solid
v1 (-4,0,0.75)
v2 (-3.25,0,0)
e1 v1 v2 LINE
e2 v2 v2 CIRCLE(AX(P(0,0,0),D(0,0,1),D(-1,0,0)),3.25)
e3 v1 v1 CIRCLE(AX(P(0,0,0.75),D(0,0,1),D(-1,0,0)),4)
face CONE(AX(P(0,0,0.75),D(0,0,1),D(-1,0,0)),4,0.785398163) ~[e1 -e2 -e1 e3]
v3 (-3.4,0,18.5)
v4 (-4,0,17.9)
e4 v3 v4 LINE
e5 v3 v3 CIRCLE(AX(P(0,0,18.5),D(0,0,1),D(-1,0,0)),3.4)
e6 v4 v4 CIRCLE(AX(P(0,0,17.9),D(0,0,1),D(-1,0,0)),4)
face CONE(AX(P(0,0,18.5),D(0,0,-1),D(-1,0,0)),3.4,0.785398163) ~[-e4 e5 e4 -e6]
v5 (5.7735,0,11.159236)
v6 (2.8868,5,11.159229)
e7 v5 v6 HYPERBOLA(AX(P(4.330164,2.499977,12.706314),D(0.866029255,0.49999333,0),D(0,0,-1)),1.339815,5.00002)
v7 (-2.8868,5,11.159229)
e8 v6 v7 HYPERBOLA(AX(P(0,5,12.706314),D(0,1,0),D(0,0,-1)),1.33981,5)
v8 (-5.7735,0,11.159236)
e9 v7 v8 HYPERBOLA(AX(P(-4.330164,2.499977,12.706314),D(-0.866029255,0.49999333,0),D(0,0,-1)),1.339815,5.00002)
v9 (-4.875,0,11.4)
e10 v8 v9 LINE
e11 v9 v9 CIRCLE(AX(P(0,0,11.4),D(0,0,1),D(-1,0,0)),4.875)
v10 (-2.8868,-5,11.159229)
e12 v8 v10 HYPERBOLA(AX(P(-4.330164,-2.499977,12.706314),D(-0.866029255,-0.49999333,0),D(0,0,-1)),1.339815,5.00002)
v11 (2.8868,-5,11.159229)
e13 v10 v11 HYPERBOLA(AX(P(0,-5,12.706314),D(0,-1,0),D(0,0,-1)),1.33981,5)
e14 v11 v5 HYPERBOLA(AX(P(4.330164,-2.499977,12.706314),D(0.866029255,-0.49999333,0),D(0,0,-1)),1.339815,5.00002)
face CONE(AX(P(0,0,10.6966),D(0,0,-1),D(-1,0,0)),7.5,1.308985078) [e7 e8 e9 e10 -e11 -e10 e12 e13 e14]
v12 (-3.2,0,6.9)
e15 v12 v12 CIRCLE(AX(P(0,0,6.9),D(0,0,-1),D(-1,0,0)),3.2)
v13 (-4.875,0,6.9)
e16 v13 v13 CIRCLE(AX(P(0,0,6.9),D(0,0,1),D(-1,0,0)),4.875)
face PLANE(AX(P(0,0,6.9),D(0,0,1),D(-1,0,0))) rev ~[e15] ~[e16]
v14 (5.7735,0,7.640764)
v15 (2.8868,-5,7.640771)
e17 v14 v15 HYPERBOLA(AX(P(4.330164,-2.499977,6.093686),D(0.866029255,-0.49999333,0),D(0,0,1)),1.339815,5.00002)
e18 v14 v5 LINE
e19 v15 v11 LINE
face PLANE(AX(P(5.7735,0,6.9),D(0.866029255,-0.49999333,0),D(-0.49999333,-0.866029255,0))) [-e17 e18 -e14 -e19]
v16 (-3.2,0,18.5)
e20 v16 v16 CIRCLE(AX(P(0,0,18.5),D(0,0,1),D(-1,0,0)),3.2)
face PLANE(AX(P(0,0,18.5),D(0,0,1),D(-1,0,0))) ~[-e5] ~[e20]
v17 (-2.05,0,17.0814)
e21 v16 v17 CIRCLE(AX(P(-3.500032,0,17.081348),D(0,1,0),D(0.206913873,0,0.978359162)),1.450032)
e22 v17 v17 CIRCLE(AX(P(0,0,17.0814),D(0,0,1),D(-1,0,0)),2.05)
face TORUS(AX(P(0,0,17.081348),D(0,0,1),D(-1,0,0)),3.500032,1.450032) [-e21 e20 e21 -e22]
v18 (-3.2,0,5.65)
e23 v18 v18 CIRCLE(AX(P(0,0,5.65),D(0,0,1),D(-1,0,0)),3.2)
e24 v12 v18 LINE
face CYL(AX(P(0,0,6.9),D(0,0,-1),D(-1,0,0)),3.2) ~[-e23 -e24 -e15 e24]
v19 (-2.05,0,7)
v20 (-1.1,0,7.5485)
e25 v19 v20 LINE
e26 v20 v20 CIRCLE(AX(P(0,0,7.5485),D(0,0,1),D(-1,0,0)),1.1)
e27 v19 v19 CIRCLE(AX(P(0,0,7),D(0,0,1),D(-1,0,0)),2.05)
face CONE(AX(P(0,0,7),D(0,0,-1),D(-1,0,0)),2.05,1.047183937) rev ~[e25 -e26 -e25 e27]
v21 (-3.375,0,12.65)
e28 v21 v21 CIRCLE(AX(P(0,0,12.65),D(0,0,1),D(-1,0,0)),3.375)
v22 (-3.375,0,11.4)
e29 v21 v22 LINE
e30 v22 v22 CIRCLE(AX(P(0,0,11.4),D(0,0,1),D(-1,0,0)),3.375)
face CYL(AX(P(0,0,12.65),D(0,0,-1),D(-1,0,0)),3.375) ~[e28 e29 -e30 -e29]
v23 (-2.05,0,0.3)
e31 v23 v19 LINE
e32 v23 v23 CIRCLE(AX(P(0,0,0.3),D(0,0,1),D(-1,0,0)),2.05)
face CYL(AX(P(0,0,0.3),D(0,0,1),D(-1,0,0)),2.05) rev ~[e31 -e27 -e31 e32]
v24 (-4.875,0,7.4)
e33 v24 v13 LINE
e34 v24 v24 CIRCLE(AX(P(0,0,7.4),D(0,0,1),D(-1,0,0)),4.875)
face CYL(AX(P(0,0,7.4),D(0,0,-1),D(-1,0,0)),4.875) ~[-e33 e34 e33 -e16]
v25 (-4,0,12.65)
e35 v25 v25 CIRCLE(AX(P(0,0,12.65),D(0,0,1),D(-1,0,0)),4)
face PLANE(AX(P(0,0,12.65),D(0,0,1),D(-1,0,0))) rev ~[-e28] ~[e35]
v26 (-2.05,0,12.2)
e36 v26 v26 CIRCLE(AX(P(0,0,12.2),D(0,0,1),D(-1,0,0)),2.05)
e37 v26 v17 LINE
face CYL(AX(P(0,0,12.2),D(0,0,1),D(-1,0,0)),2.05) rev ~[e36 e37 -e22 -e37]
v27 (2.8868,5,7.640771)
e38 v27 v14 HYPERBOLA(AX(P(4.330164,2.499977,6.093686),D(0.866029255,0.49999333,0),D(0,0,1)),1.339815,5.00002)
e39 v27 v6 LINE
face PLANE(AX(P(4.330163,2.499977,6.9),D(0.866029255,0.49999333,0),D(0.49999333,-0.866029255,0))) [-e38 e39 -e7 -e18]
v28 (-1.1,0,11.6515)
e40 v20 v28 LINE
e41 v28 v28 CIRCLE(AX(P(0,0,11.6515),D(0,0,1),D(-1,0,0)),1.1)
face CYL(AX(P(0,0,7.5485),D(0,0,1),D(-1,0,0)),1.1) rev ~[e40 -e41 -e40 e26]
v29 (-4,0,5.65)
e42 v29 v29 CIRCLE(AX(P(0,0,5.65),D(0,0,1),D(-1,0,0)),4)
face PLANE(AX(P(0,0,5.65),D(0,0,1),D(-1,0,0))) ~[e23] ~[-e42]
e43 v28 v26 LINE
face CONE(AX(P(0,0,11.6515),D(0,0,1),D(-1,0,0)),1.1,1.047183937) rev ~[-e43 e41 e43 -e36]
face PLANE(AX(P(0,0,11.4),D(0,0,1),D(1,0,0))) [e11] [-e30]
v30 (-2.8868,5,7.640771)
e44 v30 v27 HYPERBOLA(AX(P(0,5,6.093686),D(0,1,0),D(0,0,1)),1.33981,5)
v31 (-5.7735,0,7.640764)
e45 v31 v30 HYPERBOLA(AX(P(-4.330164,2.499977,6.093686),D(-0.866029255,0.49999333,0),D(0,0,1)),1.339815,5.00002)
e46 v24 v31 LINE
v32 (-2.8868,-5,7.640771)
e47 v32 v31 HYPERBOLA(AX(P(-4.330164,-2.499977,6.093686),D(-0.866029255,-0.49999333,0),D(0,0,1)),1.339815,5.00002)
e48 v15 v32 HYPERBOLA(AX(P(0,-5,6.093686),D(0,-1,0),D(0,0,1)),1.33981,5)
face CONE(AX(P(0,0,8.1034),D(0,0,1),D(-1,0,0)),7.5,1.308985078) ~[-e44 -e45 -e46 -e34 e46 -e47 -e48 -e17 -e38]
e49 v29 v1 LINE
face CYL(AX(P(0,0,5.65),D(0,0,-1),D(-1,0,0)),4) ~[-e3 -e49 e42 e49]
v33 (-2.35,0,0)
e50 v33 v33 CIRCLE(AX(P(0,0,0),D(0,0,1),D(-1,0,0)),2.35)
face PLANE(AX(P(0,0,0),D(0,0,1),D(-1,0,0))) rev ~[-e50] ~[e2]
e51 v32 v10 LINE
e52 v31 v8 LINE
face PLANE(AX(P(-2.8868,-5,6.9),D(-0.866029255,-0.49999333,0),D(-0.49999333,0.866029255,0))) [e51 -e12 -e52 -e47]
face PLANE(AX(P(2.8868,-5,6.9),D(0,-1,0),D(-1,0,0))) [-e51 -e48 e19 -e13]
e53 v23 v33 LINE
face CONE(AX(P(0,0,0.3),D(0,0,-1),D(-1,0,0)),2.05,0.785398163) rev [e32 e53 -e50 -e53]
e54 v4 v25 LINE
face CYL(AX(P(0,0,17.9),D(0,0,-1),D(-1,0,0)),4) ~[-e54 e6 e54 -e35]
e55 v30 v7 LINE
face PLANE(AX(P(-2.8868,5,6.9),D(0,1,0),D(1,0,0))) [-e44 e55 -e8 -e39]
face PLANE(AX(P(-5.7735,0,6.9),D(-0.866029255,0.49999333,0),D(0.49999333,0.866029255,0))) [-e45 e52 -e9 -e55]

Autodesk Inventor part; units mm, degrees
ref_plane "YZ Plane" through (0, 0, 0) normal (1, 0, 0) x (0, 1, 0)
ref_plane "XZ Plane" through (0, 0, 0) normal (0, 1, 0) x (-1, 0, 0)
sketch "Náčrt1" plane through (0, 0, 0) normal (0, 1, 0) x (-1, 0, 0)
  line L0 (0, -3.7408) -> (0, 22.4445) projected
  line L1 (9, 0) -> (-1.5, 0) projected
  line L2 (2.05, 0.3) -> (2.05, 7)
  line L3 (2.05, 7) -> (1.1, 7.5485)
  line L4 (1.1, 7.5485) -> (1.1, 11.6515)
  line L5 (1.1, 11.6515) -> (2.05, 12.2)
  line L6 (2.05, 12.2) -> (2.05, 17.0814)
  arc A0 (3.2, 18.5) -> (2.05, 17.0814) centre (3.5, 17.0814) ccw
  line L7 (3.2, 18.5) -> (3.4, 18.5)
  line L8 (3.4, 18.5) -> (4, 17.9)
  line L9 (4, 17.9) -> (4, 12.65)
  line L10 (4, 12.65) -> (3.375, 12.65)
  line L11 (3.375, 12.65) -> (3.375, 11.4)
  line L12 (3.375, 11.4) -> (5, 11.4)
  line L13 (5, 11.4) -> (5, 6.9)
  line L14 (5, 6.9) -> (3.2, 6.9)
  line L15 (3.2, 6.9) -> (3.2, 5.65)
  line L16 (3.2, 5.65) -> (4, 5.65)
  line L17 (4, 5.65) -> (4, 0.75)
  line L18 (4, 0.75) -> (3.25, 0)
  line L19 (3.25, 0) -> (2.35, 0)
  line L20 (2.05, 0.3) -> (2.35, 0)
  line L21 (5, 11.4) -> (7.5, 10.7301)
  line L22 (7.5, 10.7301) -> (7.5, 11.4)
  line L23 (7.5, 11.4) -> (5, 11.4)
  line L24 (7.5, 6.9) -> (5, 6.9)
  line L25 (7.5, 6.9) -> (5, 6.9)
  line L26 (5, 6.9) -> (5, 7.4)
  line L27 (7.5, 6.9) -> (7.5, 8.1034)
  line L28 (7.5, 8.1034) -> (4.875, 7.4)
  line L29 (4.875, 7.4) -> (4.875, 6.9)
  line L30 (4.875, 6.9) -> (7.5, 6.9)
  line L31 (7.5, 10.7301) -> (7.5, 10.6966)
  line L32 (7.5, 10.6966) -> (4.875, 11.4)
  point P0 (0, 0)
  point P1 (5, 7.4335)
  dimension "d0" = 4.1
  dimension "d1" = 2.2
  dimension "d3" = 60
  dimension "d4" = 60
  dimension "d5" = 0.3
  dimension "d6" = 45
  dimension "d7" = 8
  dimension "d8" = 0.75
  dimension "d9" = 1.45
  dimension "d11" = 1.25
  dimension "d12" = 6.4
  dimension "d13" = 18.5
  dimension "d14" = 6.3
  dimension "d15" = 6.75
  dimension "d16" = 10
  dimension "d17" = 7
  dimension "d18" = 1.25
  dimension "d19" = 7.1
  dimension "d20" = 0.6
  dimension "d21" = 6.4
  dimension "d22" = 4.5
  dimension "d32" = 15
  dimension "d33" = 15
  dimension "d35" = 10
  dimension "d38" = 15
  dimension "d39" = 9.75
  dimension "d40" = 0.5
revolve "Rotace1" add sketch "Náčrt1" angle 360 about axis through (0, 0, -10) along (0, 0, 1) contours L1 L20 L2 L3 L4 L5 L6 A0 L7 L8 L9 L10 L11 L12 L32 L13 L28 L29 L14 L15 L16 L17 L18 | L29 L28 L13 L14 | L32 L12 L13
thread "Závit1" size "M8x1.25" class "6g" standard "ANSI Metric M Profile" full length
thread "Závit2" size "M8x1" class "6g" standard "ANSI Metric M Profile" full length
ref_plane "Pracovní rovina1" through (0, 0, 6.9) normal (0, 0, 1) x (1, 0, 0)
sketch "Náčrt2" plane through (0, 0, 6.9) normal (0, 0, 1) x (1, 0, 0)
  circle A0 centre (0, 0) radius 3.2 projected
  circle A1 centre (0, 0) radius 5 projected
  line L0 (-5.7735, 0) -> (-2.8868, 5)
  line L1 (-2.8868, 5) -> (2.8868, 5)
  line L2 (2.8868, 5) -> (5.7735, 0)
  line L3 (5.7735, 0) -> (2.8868, -5)
  line L4 (2.8868, -5) -> (-2.8868, -5)
  line L5 (-2.8868, -5) -> (-5.7735, 0)
  dimension "d29" = 10
extrude "Vysunutí1" add sketch "Náčrt2" along normal blind 4.5
revolve "Rotace2" cut sketch "Náčrt1" angle 360 about axis through (0, 0, -10) along (0, 0, 1) contours L32 L12 L13 | L13 L21 L31 L32 | L23 L22 L21
revolve "Rotace3" cut sketch "Náčrt1" angle 360 about axis through (0, 0, -10) along (0, 0, 1) contours L29 L28 L13 L14 | L13 L28 L27 L24
equation "\"d30\" = d22"
equation "\"d4\" = d3"
equation "\"d38\" = d33"
equation "\"d28\" = -d19 + d13 - d22"
